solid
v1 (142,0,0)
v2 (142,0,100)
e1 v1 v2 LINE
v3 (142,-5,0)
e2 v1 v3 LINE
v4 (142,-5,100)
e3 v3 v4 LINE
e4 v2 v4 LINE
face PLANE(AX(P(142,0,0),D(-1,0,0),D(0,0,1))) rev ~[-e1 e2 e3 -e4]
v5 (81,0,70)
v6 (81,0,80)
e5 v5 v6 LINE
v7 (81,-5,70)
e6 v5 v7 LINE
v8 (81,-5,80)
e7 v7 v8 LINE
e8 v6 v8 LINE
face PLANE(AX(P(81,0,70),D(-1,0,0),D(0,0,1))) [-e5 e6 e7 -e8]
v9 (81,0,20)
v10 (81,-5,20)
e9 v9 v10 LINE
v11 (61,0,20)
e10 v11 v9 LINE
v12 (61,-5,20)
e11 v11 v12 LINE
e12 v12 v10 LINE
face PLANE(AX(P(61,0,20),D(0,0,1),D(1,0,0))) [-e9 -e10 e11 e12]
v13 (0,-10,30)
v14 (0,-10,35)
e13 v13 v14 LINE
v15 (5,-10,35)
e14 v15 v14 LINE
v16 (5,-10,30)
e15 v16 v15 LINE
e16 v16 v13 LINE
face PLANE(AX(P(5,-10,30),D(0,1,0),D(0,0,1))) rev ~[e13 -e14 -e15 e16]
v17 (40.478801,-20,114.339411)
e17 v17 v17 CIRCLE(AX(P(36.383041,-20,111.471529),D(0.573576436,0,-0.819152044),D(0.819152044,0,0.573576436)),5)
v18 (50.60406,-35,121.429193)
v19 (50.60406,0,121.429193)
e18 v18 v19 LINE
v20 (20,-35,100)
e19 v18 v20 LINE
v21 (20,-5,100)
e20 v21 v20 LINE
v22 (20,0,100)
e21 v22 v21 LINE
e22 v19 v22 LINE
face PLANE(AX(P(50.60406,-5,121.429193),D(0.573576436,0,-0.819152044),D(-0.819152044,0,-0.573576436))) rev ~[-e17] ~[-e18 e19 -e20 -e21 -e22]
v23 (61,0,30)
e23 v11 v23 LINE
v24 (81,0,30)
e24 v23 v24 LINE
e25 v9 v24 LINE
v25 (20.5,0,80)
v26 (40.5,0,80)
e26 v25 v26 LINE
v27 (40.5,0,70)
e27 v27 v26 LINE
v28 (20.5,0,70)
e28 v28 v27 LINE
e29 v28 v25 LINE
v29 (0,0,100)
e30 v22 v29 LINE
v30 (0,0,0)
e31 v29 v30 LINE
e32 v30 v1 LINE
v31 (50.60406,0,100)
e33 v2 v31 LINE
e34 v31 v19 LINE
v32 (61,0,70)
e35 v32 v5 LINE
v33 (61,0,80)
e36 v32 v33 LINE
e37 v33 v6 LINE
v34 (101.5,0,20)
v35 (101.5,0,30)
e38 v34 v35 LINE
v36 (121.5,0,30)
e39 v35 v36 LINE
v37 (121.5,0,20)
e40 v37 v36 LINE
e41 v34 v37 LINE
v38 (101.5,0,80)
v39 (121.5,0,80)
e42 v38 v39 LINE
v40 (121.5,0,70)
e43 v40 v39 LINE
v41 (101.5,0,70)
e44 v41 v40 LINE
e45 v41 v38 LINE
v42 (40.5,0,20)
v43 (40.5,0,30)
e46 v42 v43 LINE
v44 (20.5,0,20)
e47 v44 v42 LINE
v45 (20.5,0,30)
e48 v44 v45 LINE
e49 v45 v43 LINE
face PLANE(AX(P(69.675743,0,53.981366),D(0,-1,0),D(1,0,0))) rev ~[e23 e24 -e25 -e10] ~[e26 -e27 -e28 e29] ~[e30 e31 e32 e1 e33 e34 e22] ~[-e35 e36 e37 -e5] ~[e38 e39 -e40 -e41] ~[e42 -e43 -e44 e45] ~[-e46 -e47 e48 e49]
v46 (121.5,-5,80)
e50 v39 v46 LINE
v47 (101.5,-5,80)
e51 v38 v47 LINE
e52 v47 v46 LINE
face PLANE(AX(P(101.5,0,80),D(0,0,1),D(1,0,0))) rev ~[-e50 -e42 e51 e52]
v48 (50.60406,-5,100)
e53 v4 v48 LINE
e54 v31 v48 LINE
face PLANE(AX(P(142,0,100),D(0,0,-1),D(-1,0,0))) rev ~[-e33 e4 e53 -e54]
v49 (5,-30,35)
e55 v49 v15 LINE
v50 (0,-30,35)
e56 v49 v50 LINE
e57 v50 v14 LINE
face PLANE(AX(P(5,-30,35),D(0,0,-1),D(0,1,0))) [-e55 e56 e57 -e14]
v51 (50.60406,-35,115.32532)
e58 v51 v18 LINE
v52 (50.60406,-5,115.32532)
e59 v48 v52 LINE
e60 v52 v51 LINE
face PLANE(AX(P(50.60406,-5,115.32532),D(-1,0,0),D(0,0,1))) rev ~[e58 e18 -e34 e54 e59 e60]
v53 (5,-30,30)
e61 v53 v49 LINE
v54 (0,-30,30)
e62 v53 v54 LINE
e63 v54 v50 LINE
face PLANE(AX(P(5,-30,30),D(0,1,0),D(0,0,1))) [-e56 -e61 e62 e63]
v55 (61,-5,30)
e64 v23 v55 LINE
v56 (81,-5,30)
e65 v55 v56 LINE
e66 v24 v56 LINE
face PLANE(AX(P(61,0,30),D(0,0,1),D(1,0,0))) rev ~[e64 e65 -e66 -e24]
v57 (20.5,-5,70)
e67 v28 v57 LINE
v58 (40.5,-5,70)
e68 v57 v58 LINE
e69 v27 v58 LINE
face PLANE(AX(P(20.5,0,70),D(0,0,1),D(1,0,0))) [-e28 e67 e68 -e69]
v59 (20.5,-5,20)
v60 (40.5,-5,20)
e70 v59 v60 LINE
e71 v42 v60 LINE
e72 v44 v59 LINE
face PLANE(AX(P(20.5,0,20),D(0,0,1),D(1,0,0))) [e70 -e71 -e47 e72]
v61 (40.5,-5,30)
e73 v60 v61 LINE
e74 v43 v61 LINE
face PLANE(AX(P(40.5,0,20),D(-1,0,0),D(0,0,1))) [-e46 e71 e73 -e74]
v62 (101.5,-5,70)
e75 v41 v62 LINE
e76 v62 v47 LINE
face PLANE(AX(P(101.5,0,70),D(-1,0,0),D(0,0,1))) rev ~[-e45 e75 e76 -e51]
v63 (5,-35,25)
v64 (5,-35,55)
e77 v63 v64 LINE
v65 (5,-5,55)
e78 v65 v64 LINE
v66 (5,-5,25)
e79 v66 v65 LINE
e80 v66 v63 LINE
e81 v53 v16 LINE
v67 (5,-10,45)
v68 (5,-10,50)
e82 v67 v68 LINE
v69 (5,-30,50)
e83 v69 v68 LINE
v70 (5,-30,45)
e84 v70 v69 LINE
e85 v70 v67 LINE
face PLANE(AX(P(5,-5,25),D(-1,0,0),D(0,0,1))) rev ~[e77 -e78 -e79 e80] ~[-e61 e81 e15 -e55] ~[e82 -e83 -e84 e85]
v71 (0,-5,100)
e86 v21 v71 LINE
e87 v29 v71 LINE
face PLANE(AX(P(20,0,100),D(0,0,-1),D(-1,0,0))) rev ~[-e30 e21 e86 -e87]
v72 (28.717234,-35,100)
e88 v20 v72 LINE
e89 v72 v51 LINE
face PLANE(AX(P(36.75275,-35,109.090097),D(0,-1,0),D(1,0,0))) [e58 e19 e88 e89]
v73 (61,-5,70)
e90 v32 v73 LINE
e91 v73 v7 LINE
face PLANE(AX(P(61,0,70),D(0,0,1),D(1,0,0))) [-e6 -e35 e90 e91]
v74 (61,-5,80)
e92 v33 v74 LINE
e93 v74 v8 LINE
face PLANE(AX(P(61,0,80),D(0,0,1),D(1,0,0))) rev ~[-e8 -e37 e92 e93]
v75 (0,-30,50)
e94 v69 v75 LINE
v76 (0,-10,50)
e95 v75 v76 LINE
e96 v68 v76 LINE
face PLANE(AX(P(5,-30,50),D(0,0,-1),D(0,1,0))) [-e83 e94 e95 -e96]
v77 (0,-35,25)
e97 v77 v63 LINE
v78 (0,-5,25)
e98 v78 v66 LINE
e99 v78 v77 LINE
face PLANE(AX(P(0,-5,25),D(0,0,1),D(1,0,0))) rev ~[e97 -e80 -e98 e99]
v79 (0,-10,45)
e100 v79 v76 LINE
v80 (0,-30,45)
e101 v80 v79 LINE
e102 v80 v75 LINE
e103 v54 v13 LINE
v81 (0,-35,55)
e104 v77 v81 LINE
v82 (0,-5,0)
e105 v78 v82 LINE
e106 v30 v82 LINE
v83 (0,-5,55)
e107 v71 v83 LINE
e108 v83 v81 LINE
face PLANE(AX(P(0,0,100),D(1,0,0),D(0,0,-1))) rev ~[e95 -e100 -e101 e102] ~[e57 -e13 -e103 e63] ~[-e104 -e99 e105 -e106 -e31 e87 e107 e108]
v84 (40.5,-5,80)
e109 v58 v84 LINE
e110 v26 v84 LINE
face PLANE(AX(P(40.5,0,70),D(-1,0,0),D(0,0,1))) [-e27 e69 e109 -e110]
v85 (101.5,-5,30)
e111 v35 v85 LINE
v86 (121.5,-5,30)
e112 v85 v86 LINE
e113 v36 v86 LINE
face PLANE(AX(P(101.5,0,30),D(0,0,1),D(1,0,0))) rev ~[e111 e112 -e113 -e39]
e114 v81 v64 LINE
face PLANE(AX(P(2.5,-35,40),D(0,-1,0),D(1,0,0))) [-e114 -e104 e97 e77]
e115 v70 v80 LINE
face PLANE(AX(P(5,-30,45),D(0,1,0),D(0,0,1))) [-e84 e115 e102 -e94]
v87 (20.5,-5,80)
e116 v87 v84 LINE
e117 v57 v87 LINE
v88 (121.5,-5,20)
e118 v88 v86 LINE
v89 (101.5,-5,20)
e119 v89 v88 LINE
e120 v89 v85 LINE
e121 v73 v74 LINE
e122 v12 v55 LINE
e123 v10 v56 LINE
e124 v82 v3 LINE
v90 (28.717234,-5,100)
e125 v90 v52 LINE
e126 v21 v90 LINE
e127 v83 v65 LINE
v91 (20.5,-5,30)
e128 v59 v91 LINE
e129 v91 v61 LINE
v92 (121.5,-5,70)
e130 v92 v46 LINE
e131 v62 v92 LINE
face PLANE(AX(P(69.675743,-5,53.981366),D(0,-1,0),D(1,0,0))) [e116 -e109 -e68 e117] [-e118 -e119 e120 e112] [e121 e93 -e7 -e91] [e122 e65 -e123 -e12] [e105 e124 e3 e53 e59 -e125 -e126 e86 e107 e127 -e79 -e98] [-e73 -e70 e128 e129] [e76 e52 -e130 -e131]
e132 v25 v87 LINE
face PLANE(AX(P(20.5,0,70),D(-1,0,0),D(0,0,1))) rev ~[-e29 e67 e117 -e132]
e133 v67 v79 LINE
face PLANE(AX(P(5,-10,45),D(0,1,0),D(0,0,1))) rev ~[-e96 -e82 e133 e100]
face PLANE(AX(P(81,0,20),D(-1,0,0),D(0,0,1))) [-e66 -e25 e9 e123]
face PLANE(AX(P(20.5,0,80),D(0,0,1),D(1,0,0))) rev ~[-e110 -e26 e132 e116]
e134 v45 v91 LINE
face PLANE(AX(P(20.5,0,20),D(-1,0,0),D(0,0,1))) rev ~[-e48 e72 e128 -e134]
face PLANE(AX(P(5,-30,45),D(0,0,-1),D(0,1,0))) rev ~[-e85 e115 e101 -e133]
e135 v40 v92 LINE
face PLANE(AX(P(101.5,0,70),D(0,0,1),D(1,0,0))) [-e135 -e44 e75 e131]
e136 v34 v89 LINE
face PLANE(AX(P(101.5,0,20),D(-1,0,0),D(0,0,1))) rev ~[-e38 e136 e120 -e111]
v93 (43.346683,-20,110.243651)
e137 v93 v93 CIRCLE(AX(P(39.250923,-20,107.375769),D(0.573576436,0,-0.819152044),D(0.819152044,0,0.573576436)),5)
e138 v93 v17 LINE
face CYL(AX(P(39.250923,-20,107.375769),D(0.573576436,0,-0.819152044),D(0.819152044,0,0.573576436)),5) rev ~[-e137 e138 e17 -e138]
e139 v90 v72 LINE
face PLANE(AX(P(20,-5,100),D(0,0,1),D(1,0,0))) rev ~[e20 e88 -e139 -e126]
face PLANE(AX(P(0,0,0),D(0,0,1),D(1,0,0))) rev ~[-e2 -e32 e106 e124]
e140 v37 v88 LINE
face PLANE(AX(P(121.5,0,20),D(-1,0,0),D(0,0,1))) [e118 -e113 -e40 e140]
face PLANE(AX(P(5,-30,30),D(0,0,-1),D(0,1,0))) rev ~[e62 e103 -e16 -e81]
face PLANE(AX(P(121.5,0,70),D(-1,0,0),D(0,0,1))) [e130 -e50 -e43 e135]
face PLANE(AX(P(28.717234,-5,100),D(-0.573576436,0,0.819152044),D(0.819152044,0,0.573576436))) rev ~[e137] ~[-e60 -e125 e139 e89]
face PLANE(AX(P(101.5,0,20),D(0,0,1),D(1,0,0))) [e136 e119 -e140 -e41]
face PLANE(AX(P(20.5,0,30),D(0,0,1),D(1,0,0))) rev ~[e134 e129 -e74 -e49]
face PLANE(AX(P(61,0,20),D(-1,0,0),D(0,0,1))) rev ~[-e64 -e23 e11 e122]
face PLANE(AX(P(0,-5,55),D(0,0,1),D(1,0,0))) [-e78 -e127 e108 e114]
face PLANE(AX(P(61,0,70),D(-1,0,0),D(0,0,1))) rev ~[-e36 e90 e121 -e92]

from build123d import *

# Parameters (mm, degrees)
F0_W     = 20
F0_H     = 10
F1_DEPTH = 5
F2_W     = 5
F2_H     = 30
F3_DEPTH = 30
F4_W     = 20
F4_H     = 5
F5_DEPTH = 5
F6_R     = 5
F7_DEPTH = 5


with BuildPart() as f1:
    # F0 (on Front) → F1 (new body)
    with BuildSketch(Plane.XZ):
        Polygon((0, 100), (0, 0), (142, 0), (142, 100), (50.6040596026, 100), (50.6040596026, 121.4291932336), (20, 100), align=None)
        with Locations((30.5, 25)):
            Rectangle(F0_W, F0_H, mode=Mode.SUBTRACT)
        with Locations((71, 25)):
            Rectangle(F0_W, F0_H, mode=Mode.SUBTRACT)
        with Locations((111.5, 25)):
            Rectangle(F0_W, F0_H, mode=Mode.SUBTRACT)
        with Locations((30.5, 75)):
            Rectangle(F0_W, F0_H, mode=Mode.SUBTRACT)
        with Locations((71, 75)):
            Rectangle(F0_W, F0_H, mode=Mode.SUBTRACT)
        with Locations((111.5, 75)):
            Rectangle(F0_W, F0_H, mode=Mode.SUBTRACT)
    extrude(amount=F1_DEPTH)

    # F2 (on face) → F3 (join)
    with BuildSketch(Plane.XZ.offset(5)):
        with Locations((2.5, 40)):
            Rectangle(F2_W, F2_H)
        Polygon((50.6040596026, 121.4291932336), (20, 100), (28.7172339781, 100), (50.6040596026, 115.3253202898), align=None)
    extrude(amount=F3_DEPTH)

    # F4 (on face) → F5 (cut, through all)
    with BuildSketch(Plane.YZ.offset(5)):
        with Locations((-20, 47.5)):
            Rectangle(F4_W, F4_H)
        with Locations((-20, 32.5)):
            Rectangle(F4_W, F4_H)
    extrude(amount=-F5_DEPTH, mode=Mode.SUBTRACT)

    # F6 (on face) → F7 (cut, through all)
    with BuildSketch(Plane(origin=(-37.5369502908, 0, 53.608320737), x_dir=(0.8191520443, 0, 0.5735764364), z_dir=(0.5735764364, 0, -0.8191520443))):
        with Locations((93.7406845209, 20)):
            Circle(F6_R)
    extrude(amount=-F7_DEPTH, mode=Mode.SUBTRACT)


solid = f1.part
